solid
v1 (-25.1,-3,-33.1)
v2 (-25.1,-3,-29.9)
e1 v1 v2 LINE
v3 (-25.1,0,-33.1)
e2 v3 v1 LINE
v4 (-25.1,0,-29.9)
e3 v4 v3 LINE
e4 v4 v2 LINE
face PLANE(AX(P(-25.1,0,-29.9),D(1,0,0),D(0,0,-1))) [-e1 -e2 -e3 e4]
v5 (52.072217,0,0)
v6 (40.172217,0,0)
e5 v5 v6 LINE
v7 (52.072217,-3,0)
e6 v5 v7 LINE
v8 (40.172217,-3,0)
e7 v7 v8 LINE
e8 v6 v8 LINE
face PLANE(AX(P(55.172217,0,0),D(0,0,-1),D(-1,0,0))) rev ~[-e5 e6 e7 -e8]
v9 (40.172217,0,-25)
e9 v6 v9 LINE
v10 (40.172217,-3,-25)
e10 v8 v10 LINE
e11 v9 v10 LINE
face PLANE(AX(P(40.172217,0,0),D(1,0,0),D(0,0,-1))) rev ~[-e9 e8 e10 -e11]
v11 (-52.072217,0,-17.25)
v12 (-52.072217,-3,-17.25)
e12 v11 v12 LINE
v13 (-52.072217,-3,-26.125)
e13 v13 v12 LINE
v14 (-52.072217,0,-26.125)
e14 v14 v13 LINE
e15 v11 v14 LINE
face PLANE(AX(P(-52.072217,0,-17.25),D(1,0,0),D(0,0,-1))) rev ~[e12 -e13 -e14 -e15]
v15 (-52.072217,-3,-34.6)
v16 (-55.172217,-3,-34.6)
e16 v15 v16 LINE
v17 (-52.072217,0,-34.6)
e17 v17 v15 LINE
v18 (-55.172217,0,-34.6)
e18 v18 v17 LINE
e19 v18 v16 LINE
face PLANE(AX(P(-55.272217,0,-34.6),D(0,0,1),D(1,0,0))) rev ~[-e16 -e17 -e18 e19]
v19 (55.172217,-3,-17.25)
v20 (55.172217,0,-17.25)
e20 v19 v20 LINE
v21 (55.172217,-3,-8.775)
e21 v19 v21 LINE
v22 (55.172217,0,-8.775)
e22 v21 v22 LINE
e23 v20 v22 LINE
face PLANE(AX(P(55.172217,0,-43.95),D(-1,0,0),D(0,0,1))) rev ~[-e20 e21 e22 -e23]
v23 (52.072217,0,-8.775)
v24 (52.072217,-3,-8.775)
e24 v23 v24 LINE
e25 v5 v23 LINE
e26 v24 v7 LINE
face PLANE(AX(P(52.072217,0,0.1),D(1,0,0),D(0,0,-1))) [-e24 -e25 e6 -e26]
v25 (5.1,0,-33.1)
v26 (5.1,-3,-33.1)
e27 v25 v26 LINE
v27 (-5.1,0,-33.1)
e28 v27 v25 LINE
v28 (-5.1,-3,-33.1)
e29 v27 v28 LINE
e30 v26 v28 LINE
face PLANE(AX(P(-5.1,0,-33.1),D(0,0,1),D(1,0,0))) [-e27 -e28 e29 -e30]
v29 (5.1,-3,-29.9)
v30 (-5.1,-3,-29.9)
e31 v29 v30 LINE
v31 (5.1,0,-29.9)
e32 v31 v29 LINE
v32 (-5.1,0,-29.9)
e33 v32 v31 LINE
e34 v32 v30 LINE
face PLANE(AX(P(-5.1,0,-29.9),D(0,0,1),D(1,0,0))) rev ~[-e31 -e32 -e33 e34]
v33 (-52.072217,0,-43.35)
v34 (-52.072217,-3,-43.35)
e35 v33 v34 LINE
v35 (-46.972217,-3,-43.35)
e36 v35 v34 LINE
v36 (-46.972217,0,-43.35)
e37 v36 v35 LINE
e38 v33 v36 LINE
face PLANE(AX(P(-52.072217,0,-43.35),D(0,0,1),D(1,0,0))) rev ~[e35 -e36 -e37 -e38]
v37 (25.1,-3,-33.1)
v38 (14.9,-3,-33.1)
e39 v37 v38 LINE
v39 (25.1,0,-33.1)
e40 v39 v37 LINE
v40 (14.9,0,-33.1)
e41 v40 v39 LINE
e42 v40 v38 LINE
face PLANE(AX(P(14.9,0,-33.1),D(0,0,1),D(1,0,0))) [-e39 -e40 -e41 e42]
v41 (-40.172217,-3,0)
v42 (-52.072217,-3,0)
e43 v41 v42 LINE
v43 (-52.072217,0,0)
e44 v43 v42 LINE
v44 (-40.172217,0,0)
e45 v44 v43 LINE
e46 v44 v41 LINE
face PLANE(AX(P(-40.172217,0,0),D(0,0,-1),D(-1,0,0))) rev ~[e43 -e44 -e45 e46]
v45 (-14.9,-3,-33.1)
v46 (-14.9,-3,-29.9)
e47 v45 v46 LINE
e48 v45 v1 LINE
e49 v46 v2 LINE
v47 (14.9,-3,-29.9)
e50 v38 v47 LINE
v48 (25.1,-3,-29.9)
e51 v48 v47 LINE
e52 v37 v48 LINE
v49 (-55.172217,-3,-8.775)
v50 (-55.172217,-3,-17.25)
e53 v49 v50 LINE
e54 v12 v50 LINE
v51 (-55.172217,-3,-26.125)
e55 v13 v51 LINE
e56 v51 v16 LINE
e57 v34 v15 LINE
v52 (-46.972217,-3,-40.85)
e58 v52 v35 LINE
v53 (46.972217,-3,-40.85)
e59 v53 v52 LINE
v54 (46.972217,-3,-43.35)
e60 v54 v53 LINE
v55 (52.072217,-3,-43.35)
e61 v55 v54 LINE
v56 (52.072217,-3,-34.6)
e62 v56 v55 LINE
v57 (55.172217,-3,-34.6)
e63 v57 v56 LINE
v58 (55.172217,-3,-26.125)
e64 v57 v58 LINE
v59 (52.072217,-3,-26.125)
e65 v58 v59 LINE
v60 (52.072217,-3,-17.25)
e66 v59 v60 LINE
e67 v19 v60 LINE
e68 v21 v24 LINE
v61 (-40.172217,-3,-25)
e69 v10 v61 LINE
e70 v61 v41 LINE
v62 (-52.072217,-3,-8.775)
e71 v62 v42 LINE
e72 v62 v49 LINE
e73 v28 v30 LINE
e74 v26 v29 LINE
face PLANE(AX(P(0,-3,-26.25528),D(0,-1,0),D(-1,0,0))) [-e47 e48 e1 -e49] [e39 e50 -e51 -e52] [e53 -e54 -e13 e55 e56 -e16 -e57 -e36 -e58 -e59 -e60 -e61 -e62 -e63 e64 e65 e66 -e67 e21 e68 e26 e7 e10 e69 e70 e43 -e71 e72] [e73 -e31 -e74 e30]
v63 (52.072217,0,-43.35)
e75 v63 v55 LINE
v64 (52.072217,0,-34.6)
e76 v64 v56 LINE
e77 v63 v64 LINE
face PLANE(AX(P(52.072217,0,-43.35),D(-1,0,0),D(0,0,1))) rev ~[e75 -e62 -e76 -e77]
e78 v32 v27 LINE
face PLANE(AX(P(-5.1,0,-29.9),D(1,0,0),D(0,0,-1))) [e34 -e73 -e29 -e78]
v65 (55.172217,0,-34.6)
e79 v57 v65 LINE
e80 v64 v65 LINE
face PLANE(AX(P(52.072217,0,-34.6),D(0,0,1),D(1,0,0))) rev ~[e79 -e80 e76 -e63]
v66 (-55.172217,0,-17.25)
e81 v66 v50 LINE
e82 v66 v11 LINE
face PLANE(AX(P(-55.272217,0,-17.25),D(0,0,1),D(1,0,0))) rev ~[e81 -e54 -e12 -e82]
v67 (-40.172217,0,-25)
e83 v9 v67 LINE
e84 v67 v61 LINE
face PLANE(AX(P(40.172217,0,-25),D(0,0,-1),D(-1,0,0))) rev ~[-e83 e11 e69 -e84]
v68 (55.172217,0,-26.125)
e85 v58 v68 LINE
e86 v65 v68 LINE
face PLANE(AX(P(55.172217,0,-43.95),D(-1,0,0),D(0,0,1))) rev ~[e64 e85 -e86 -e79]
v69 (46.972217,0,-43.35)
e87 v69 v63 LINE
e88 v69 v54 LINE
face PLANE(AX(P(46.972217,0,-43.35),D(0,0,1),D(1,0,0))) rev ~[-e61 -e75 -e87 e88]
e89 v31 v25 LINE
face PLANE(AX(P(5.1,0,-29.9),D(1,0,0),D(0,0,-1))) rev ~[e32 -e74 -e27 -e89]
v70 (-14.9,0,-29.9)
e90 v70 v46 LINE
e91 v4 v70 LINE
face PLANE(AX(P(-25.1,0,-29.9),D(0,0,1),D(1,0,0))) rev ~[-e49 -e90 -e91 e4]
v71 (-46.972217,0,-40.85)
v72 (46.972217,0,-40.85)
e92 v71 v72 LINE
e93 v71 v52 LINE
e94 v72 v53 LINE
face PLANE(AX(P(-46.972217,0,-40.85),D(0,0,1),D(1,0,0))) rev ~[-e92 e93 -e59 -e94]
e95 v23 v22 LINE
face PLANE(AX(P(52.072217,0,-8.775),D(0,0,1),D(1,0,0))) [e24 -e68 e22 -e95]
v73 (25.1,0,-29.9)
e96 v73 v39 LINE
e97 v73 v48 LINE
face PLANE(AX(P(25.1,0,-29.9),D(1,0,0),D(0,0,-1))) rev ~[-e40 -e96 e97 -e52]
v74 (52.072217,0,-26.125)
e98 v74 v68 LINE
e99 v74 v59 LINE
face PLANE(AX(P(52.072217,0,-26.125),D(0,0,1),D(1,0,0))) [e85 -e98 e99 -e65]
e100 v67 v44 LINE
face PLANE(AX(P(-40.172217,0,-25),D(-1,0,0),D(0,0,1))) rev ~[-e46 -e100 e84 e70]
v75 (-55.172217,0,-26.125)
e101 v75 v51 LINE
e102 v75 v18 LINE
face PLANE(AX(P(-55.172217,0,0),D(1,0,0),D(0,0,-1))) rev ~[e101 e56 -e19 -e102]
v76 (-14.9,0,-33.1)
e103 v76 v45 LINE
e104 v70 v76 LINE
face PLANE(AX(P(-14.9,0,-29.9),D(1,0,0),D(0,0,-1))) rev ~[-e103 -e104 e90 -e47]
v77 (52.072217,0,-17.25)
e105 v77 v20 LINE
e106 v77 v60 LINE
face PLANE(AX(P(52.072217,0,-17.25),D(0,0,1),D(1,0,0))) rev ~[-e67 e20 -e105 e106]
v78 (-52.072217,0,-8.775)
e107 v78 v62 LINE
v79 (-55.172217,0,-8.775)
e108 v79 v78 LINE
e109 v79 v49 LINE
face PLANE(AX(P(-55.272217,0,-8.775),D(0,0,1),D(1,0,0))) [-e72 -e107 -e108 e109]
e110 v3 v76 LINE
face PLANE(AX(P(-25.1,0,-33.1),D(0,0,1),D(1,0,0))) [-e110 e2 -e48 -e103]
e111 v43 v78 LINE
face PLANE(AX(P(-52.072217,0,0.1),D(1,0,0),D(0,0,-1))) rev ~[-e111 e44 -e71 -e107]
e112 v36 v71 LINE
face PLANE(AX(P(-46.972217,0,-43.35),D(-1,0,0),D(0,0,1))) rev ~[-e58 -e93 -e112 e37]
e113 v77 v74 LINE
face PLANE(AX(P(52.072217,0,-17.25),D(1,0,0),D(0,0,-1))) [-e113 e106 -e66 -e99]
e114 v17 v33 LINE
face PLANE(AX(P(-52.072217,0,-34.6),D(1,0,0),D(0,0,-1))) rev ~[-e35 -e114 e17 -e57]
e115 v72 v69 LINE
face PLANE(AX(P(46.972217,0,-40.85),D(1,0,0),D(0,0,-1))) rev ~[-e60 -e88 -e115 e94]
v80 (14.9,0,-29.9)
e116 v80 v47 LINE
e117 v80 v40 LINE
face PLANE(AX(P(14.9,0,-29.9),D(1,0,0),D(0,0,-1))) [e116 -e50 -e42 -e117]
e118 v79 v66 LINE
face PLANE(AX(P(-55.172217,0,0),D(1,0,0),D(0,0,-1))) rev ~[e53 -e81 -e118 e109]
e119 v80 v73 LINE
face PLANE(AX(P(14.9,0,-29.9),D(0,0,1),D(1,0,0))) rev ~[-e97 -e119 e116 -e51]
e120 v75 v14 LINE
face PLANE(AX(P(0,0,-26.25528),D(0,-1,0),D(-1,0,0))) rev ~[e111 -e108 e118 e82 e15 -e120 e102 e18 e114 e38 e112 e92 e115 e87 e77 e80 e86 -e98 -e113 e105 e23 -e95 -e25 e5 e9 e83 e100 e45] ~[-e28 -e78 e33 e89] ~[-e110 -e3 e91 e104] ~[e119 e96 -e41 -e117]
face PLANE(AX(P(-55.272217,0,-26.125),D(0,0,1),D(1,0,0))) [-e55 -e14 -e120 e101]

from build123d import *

# Parameters (mm, degrees)
BOSS_EXTRUDE1_DEPTH = 3
SKETCH2_W           = 3.2
SKETCH2_H           = 8.875
SKETCH2_W_2         = 10.2
SKETCH2_H_2         = 3.2
CUT_EXTRUDE1_DEPTH  = 4


with BuildPart() as part:
    # Sketch1 → Boss-Extrude1 (new body)
    with BuildSketch(Plane(origin=(0, 0, 0), x_dir=(1, 0, 0), z_dir=(0, 1, 0))):
        Polygon((-40.172217102, 0), (-55.172217102, 0), (-55.172217102, 43.95), (55.172217102, 43.95), (55.172217102, 0), (40.172217102, 0), (40.172217102, 25), (-40.172217102, 25), align=None)
    extrude(amount=-BOSS_EXTRUDE1_DEPTH)

    # Sketch2 → Cut-Extrude1 (cut, through all)
    with BuildSketch(Plane(origin=(0, 0, 0), x_dir=(1, 0, 0), z_dir=(0, 1, 0))):
        Polygon((-46.972217102, 40.85), (46.972217102, 40.85), (46.972217102, 43.35), (52.072217102, 43.35), (52.072217102, 34.6), (55.272217102, 34.6), (55.272217102, 44.05), (-55.272217102, 44.05), (-55.272217102, 34.6), (-52.072217102, 34.6), (-52.072217102, 43.35), (-46.972217102, 43.35), align=None)
        with Locations((-53.672217102, 21.6875)):
            Rectangle(SKETCH2_W, SKETCH2_H)
        with Locations((-53.672217102, 4.3375)):
            Rectangle(SKETCH2_W, SKETCH2_H)
        with Locations((53.672217102, 4.3375)):
            Rectangle(SKETCH2_W, SKETCH2_H)
        with Locations((53.672217102, 21.6875)):
            Rectangle(SKETCH2_W, SKETCH2_H)
        with Locations((-20, 31.5)):
            Rectangle(SKETCH2_W_2, SKETCH2_H_2)
        with Locations((20, 31.5)):
            Rectangle(SKETCH2_W_2, SKETCH2_H_2)
        with Locations((0, 31.5)):
            Rectangle(SKETCH2_W_2, SKETCH2_H_2)
    extrude(amount=-CUT_EXTRUDE1_DEPTH, mode=Mode.SUBTRACT)


solid = part.part
